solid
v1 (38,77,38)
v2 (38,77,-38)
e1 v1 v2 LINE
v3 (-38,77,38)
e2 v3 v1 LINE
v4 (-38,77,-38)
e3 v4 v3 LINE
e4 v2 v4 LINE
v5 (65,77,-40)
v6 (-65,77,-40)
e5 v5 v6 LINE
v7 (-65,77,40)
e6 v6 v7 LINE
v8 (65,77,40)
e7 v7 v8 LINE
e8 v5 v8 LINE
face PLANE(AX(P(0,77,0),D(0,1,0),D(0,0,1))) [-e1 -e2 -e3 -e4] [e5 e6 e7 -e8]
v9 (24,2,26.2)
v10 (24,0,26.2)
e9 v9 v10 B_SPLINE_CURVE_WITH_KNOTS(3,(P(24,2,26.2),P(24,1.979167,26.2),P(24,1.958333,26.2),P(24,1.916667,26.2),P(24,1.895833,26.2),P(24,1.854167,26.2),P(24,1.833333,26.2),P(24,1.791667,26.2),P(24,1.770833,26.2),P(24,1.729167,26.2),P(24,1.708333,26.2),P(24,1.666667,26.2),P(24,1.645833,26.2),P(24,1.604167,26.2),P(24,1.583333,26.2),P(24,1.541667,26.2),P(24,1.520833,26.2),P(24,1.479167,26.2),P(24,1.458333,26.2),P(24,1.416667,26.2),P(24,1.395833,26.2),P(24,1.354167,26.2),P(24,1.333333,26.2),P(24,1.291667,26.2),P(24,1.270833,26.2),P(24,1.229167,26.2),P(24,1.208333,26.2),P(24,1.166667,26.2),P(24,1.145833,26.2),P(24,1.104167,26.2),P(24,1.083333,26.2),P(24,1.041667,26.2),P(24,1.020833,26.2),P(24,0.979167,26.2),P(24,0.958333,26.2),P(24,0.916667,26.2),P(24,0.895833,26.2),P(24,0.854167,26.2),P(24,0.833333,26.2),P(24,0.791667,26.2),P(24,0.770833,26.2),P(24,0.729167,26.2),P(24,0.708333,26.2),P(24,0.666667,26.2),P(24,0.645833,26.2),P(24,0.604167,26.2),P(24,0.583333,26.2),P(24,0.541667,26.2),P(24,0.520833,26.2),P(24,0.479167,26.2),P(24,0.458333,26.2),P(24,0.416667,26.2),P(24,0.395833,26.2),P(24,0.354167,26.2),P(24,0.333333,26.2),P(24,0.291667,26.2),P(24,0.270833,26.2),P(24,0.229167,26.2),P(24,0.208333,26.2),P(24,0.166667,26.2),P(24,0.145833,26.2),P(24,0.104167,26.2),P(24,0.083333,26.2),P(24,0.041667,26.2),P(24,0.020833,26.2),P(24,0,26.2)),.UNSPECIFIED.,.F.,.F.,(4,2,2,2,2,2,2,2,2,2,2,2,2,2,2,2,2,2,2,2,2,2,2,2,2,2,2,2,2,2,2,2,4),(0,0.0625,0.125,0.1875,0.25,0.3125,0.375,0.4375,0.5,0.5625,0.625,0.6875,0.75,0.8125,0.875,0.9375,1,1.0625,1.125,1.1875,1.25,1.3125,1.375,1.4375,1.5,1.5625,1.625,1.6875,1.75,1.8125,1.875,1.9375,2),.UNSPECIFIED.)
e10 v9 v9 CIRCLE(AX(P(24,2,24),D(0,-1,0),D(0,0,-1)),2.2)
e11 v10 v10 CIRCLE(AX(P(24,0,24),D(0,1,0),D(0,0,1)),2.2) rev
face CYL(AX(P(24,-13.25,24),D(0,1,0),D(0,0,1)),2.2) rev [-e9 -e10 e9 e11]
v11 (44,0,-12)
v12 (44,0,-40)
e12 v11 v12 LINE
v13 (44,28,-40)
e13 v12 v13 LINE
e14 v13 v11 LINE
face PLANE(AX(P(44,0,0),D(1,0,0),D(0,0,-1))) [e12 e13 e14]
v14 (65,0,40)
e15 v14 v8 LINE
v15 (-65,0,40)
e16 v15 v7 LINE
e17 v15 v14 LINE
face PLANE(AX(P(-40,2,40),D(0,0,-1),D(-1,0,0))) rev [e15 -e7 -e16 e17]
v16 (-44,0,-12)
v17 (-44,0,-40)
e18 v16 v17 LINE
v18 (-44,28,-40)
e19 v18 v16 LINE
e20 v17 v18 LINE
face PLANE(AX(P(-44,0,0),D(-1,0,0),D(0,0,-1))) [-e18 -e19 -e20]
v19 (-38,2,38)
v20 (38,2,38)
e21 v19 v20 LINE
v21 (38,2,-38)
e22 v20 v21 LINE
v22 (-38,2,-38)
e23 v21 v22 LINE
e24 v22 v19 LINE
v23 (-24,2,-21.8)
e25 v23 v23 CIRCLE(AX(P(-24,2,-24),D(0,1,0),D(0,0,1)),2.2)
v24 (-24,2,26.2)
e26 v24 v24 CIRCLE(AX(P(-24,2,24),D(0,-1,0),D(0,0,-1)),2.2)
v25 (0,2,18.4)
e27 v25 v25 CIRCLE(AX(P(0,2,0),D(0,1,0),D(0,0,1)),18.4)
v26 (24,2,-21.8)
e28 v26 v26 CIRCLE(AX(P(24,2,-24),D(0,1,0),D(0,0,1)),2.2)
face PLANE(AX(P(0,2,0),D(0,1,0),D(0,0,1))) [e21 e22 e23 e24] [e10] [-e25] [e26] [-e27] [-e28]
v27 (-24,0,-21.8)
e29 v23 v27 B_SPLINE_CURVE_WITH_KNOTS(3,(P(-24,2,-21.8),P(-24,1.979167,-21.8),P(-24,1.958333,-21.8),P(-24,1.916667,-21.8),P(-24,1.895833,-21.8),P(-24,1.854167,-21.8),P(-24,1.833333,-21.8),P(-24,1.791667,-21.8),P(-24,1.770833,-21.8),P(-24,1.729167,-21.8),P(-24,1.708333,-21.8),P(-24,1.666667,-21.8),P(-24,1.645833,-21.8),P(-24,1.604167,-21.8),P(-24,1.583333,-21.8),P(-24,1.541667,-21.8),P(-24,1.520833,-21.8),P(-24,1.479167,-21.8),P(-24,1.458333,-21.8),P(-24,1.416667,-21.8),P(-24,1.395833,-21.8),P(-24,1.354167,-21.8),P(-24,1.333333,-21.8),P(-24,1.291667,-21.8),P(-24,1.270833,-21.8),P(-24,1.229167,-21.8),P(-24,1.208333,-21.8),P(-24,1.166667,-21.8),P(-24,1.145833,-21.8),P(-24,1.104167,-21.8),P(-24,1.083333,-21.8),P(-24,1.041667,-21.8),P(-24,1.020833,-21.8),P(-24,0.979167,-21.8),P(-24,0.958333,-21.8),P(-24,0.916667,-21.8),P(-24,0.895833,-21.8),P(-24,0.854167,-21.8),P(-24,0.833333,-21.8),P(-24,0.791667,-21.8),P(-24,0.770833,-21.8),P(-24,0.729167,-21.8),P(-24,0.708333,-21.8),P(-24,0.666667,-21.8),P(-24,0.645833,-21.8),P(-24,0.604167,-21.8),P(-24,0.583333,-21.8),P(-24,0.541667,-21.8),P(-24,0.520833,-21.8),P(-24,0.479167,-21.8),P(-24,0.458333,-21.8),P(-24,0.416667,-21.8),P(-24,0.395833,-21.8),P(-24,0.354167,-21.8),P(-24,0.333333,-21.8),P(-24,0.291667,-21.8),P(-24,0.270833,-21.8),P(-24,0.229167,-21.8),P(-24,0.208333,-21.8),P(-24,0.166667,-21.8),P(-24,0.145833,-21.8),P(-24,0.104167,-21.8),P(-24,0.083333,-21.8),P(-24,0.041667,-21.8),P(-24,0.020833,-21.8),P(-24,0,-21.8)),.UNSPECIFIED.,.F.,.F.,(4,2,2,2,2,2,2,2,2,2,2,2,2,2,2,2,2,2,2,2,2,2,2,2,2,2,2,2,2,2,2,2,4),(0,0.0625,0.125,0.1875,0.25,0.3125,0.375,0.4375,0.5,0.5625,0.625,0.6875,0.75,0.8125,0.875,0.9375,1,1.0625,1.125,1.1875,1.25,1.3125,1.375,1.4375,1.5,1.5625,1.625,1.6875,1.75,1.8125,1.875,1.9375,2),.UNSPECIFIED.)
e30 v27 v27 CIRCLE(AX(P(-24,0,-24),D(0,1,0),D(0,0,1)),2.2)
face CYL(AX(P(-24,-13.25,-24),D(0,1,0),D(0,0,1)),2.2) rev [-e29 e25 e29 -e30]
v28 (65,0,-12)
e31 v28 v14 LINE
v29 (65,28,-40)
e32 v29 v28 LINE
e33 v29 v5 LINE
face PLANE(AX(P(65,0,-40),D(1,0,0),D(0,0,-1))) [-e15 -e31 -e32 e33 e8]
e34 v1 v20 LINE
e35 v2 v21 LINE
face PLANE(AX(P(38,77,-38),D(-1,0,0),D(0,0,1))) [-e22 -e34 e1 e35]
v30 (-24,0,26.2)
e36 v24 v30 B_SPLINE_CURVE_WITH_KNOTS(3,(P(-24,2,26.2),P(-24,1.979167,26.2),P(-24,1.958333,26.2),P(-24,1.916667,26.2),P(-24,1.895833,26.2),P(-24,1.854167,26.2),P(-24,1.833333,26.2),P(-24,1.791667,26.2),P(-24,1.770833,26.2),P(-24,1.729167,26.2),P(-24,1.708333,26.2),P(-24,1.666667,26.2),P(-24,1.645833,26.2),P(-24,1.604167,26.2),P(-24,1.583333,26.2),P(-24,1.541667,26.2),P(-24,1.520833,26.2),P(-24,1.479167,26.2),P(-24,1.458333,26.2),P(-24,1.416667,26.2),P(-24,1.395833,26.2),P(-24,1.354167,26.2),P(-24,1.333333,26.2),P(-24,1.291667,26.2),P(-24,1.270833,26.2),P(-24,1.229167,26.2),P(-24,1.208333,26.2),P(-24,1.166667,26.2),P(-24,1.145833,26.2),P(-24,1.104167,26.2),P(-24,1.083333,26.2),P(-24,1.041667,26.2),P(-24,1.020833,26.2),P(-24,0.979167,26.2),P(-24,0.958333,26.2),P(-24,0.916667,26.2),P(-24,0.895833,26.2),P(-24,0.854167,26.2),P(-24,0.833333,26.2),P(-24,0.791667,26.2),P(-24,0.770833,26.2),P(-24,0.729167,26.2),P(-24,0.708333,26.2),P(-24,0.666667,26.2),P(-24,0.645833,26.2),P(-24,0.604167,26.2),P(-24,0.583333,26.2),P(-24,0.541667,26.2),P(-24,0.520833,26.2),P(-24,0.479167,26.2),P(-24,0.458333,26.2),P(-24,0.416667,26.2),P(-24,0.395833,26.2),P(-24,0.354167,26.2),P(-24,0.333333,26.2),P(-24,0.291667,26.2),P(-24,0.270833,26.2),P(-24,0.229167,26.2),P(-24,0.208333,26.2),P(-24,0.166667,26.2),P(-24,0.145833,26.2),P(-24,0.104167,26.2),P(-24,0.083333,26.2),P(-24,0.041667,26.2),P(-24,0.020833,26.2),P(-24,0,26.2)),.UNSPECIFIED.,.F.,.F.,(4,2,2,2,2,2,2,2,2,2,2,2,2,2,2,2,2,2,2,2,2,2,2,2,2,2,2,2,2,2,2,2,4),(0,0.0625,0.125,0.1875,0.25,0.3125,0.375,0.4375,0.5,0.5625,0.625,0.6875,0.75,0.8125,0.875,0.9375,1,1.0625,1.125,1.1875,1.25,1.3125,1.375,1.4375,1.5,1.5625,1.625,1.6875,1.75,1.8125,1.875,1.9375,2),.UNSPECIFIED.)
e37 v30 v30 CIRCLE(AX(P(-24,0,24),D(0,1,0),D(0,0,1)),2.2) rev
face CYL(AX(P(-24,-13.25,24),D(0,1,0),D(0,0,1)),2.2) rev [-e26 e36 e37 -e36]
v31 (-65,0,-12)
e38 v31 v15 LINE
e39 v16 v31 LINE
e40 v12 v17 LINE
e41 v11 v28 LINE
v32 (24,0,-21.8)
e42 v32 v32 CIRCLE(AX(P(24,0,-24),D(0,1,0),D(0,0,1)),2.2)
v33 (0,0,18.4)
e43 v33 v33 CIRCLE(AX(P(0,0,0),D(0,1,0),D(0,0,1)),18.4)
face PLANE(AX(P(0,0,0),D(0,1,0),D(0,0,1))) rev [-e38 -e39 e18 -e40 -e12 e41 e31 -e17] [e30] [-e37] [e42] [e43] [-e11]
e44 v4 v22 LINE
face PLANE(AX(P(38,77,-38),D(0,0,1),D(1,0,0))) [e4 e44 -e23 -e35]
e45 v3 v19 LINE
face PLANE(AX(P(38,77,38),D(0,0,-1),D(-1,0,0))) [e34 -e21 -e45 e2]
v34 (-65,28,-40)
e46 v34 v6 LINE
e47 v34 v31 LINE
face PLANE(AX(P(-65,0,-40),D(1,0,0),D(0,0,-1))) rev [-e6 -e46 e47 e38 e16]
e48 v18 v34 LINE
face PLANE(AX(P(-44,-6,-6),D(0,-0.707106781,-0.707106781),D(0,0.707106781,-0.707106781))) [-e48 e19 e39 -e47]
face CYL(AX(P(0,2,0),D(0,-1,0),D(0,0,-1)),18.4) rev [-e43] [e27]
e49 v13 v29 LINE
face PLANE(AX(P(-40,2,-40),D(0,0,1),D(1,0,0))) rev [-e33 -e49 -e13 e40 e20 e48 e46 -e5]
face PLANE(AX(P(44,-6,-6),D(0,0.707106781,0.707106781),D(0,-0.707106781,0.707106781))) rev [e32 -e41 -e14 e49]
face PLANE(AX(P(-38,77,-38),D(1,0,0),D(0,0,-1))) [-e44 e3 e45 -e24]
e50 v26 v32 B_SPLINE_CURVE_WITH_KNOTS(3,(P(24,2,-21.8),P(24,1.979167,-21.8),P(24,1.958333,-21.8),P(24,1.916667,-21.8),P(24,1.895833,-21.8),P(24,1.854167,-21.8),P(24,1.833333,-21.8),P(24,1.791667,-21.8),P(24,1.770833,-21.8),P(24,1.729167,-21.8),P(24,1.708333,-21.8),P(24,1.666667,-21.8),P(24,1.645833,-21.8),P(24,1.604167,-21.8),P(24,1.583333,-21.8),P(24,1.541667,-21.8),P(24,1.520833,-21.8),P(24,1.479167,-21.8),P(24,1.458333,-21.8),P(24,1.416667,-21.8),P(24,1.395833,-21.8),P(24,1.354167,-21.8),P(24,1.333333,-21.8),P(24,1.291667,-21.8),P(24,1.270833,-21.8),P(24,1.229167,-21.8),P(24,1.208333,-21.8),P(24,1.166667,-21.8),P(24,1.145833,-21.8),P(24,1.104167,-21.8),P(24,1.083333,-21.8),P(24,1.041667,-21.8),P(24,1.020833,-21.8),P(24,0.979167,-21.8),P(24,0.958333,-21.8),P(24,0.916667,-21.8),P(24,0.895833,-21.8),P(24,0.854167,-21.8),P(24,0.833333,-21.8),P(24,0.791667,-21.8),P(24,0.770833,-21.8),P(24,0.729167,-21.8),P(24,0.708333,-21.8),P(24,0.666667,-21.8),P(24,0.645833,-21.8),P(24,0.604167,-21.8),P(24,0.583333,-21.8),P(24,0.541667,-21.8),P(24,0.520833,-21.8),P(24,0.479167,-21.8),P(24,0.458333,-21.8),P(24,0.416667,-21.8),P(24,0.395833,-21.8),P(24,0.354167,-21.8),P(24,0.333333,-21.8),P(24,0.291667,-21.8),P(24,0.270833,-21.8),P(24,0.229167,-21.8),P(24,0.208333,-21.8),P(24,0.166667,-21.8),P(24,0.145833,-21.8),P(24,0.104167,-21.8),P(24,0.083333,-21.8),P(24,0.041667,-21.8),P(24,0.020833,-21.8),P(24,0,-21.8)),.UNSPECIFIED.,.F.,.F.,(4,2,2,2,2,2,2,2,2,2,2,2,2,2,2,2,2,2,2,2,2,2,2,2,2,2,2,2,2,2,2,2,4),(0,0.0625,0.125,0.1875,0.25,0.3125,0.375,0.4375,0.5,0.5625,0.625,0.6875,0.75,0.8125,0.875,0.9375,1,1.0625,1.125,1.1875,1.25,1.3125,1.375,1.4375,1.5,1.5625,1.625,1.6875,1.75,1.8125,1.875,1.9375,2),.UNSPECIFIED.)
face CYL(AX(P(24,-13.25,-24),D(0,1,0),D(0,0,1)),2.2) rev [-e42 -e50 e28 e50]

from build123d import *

# Parameters (mm, degrees)
SKETCH1_W               = 80
SKETCH1_H               = 80
SKETCH1_R               = 18.4
BOSS_EXTRUDE1_DEPTH     = 2
SKETCH2_W               = 4
SKETCH2_H               = 18.5
BOSS_EXTRUDE2_DEPTH     = 15.25
SKETCH3_R               = 2.2
CUT_EXTRUDE1_DEPTH      = 94.976393312
MIRROR2_COPY_1_SKETCH_W = 4
MIRROR2_COPY_1_SKETCH_H = 18.5
MIRROR2_COPY_1_DEPTH    = 15.25
MIRROR2_COPY_2_SKETCH_R = 2.2
MIRROR2_COPY_2_DEPTH    = 94.976393312
SKETCH4_R               = 2.2
CUT_EXTRUDE2_DEPTH      = 62.388618652
SKETCH5_W               = 4
SKETCH5_H               = 15.25
CUT_EXTRUDE3_DEPTH      = 93.258129723
SKETCH6_W               = 80
SKETCH6_H               = 80
SKETCH6_W_2             = 76
SKETCH6_H_2             = 76
BOSS_EXTRUDE3_DEPTH     = 75
SKETCH7_W               = 25
SKETCH7_H               = 77
BOSS_EXTRUDE4_DEPTH     = 80
CUT_EXTRUDE5_DEPTH      = 21


with BuildPart() as part:
    # Sketch1 → Boss-Extrude1 (new body)
    with BuildSketch(Plane(origin=(0, 0, 0), x_dir=(1, 0, 0), z_dir=(0, 1, 0))):
        Rectangle(SKETCH1_W, SKETCH1_H)
        with Locations(Location((0, 0, 0), (0, 0, 270))):
            Circle(SKETCH1_R, mode=Mode.SUBTRACT)
    extrude(amount=BOSS_EXTRUDE1_DEPTH)

    # Sketch2 → Boss-Extrude2 (add)
    with BuildSketch(Plane(origin=(0, 2, 0), x_dir=(1, 0, 0), z_dir=(0, 1, 0))):
        with Locations((42, -30.75)):
            Rectangle(SKETCH2_W, SKETCH2_H)
    boss_extrude2 = extrude(amount=-BOSS_EXTRUDE2_DEPTH)

    # Sketch3 → Cut-Extrude1 (cut, through all)
    with BuildSketch(Plane(origin=(44, 0, 0), x_dir=(0, 0, -1), z_dir=(1, 0, 0))):
        with Locations((-30.75, -8.125)):
            Circle(SKETCH3_R)
    cut_extrude1 = extrude(amount=-CUT_EXTRUDE1_DEPTH, mode=Mode.SUBTRACT)

    # Mirror1: Boss-Extrude2, Cut-Extrude1 across plane
    add(boss_extrude2.mirror(Plane(origin=(0, 0, 0), x_dir=(0, 0, 1), z_dir=(1, 0, 0))))
    add(cut_extrude1.mirror(Plane(origin=(0, 0, 0), x_dir=(0, 0, 1), z_dir=(1, 0, 0))), mode=Mode.SUBTRACT)

    # Mirror2: Boss-Extrude2, Cut-Extrude1 across plane
    add(boss_extrude2.mirror(Plane(origin=(0, 0, 0), x_dir=(1, 0, 0), z_dir=(0, 0, -1))))
    add(cut_extrude1.mirror(Plane(origin=(0, 0, 0), x_dir=(1, 0, 0), z_dir=(0, 0, -1))), mode=Mode.SUBTRACT)

    # Mirror2 copy 1 sketch → Mirror2 copy 1 (add)
    with BuildSketch(Plane(origin=(0, 2, 0), x_dir=(-1, 0, 0), z_dir=(0, 1, 0))):
        with Locations((42, -30.75)):
            Rectangle(MIRROR2_COPY_1_SKETCH_W, MIRROR2_COPY_1_SKETCH_H)
    extrude(amount=-MIRROR2_COPY_1_DEPTH)

    # Mirror2 copy 2 sketch → Mirror2 copy 2 (cut, through all)
    with BuildSketch(Plane.ZY.offset(44)):
        with Locations((-30.75, -8.125)):
            Circle(MIRROR2_COPY_2_SKETCH_R)
    extrude(amount=-MIRROR2_COPY_2_DEPTH, mode=Mode.SUBTRACT)

    # Sketch4 → Cut-Extrude2 (cut, through all)
    with BuildSketch(Plane(origin=(0, 2, 0), x_dir=(1, 0, 0), z_dir=(0, 1, 0))):
        with Locations(Location((-24, 24, 0), (0, 0, 270))):
            Circle(SKETCH4_R)
        with Locations(Location((24, 24, 0), (0, 0, 270))):
            Circle(SKETCH4_R)
    cut_extrude2 = extrude(amount=-CUT_EXTRUDE2_DEPTH, mode=Mode.SUBTRACT)

    # Mirror3: Cut-Extrude2 across plane
    add(cut_extrude2.mirror(Plane(origin=(0, 0, 0), x_dir=(1, 0, 0), z_dir=(0, 0, -1))), mode=Mode.SUBTRACT)

    # Sketch5 → Cut-Extrude3 (cut, through all)
    with BuildSketch(Plane.XY.offset(40)):
        with Locations((-42, -5.625)):
            Rectangle(SKETCH5_W, SKETCH5_H)
        with Locations((42, -5.625)):
            Rectangle(SKETCH5_W, SKETCH5_H)
    extrude(amount=-CUT_EXTRUDE3_DEPTH, mode=Mode.SUBTRACT)

    # Sketch6 → Boss-Extrude3 (add)
    with BuildSketch(Plane(origin=(0, 2, 0), x_dir=(1, 0, 0), z_dir=(0, 1, 0))):
        Rectangle(SKETCH6_W, SKETCH6_H)
        Rectangle(SKETCH6_W_2, SKETCH6_H_2, mode=Mode.SUBTRACT)
    extrude(amount=BOSS_EXTRUDE3_DEPTH)

    # Sketch7 → Boss-Extrude4 (add)
    with BuildSketch(Plane.XY.offset(40)):
        with Locations((-52.5, 38.5)):
            Rectangle(SKETCH7_W, SKETCH7_H)
        with Locations((52.5, 38.5)):
            Rectangle(SKETCH7_W, SKETCH7_H)
    extrude(amount=-BOSS_EXTRUDE4_DEPTH)

    # Sketch9 → Cut-Extrude5 (cut)
    with BuildSketch(Plane(origin=(65, 0, 0), x_dir=(0, 0, -1), z_dir=(1, 0, 0))):
        Polygon((40, 0), (40, 28), (12, 0), align=None)
    cut_extrude5 = extrude(amount=-CUT_EXTRUDE5_DEPTH, mode=Mode.SUBTRACT)

    # Mirror4: Cut-Extrude5 across plane
    add(cut_extrude5.mirror(Plane(origin=(0, 0, 0), x_dir=(0, 0, 1), z_dir=(1, 0, 0))), mode=Mode.SUBTRACT)


solid = part.part
